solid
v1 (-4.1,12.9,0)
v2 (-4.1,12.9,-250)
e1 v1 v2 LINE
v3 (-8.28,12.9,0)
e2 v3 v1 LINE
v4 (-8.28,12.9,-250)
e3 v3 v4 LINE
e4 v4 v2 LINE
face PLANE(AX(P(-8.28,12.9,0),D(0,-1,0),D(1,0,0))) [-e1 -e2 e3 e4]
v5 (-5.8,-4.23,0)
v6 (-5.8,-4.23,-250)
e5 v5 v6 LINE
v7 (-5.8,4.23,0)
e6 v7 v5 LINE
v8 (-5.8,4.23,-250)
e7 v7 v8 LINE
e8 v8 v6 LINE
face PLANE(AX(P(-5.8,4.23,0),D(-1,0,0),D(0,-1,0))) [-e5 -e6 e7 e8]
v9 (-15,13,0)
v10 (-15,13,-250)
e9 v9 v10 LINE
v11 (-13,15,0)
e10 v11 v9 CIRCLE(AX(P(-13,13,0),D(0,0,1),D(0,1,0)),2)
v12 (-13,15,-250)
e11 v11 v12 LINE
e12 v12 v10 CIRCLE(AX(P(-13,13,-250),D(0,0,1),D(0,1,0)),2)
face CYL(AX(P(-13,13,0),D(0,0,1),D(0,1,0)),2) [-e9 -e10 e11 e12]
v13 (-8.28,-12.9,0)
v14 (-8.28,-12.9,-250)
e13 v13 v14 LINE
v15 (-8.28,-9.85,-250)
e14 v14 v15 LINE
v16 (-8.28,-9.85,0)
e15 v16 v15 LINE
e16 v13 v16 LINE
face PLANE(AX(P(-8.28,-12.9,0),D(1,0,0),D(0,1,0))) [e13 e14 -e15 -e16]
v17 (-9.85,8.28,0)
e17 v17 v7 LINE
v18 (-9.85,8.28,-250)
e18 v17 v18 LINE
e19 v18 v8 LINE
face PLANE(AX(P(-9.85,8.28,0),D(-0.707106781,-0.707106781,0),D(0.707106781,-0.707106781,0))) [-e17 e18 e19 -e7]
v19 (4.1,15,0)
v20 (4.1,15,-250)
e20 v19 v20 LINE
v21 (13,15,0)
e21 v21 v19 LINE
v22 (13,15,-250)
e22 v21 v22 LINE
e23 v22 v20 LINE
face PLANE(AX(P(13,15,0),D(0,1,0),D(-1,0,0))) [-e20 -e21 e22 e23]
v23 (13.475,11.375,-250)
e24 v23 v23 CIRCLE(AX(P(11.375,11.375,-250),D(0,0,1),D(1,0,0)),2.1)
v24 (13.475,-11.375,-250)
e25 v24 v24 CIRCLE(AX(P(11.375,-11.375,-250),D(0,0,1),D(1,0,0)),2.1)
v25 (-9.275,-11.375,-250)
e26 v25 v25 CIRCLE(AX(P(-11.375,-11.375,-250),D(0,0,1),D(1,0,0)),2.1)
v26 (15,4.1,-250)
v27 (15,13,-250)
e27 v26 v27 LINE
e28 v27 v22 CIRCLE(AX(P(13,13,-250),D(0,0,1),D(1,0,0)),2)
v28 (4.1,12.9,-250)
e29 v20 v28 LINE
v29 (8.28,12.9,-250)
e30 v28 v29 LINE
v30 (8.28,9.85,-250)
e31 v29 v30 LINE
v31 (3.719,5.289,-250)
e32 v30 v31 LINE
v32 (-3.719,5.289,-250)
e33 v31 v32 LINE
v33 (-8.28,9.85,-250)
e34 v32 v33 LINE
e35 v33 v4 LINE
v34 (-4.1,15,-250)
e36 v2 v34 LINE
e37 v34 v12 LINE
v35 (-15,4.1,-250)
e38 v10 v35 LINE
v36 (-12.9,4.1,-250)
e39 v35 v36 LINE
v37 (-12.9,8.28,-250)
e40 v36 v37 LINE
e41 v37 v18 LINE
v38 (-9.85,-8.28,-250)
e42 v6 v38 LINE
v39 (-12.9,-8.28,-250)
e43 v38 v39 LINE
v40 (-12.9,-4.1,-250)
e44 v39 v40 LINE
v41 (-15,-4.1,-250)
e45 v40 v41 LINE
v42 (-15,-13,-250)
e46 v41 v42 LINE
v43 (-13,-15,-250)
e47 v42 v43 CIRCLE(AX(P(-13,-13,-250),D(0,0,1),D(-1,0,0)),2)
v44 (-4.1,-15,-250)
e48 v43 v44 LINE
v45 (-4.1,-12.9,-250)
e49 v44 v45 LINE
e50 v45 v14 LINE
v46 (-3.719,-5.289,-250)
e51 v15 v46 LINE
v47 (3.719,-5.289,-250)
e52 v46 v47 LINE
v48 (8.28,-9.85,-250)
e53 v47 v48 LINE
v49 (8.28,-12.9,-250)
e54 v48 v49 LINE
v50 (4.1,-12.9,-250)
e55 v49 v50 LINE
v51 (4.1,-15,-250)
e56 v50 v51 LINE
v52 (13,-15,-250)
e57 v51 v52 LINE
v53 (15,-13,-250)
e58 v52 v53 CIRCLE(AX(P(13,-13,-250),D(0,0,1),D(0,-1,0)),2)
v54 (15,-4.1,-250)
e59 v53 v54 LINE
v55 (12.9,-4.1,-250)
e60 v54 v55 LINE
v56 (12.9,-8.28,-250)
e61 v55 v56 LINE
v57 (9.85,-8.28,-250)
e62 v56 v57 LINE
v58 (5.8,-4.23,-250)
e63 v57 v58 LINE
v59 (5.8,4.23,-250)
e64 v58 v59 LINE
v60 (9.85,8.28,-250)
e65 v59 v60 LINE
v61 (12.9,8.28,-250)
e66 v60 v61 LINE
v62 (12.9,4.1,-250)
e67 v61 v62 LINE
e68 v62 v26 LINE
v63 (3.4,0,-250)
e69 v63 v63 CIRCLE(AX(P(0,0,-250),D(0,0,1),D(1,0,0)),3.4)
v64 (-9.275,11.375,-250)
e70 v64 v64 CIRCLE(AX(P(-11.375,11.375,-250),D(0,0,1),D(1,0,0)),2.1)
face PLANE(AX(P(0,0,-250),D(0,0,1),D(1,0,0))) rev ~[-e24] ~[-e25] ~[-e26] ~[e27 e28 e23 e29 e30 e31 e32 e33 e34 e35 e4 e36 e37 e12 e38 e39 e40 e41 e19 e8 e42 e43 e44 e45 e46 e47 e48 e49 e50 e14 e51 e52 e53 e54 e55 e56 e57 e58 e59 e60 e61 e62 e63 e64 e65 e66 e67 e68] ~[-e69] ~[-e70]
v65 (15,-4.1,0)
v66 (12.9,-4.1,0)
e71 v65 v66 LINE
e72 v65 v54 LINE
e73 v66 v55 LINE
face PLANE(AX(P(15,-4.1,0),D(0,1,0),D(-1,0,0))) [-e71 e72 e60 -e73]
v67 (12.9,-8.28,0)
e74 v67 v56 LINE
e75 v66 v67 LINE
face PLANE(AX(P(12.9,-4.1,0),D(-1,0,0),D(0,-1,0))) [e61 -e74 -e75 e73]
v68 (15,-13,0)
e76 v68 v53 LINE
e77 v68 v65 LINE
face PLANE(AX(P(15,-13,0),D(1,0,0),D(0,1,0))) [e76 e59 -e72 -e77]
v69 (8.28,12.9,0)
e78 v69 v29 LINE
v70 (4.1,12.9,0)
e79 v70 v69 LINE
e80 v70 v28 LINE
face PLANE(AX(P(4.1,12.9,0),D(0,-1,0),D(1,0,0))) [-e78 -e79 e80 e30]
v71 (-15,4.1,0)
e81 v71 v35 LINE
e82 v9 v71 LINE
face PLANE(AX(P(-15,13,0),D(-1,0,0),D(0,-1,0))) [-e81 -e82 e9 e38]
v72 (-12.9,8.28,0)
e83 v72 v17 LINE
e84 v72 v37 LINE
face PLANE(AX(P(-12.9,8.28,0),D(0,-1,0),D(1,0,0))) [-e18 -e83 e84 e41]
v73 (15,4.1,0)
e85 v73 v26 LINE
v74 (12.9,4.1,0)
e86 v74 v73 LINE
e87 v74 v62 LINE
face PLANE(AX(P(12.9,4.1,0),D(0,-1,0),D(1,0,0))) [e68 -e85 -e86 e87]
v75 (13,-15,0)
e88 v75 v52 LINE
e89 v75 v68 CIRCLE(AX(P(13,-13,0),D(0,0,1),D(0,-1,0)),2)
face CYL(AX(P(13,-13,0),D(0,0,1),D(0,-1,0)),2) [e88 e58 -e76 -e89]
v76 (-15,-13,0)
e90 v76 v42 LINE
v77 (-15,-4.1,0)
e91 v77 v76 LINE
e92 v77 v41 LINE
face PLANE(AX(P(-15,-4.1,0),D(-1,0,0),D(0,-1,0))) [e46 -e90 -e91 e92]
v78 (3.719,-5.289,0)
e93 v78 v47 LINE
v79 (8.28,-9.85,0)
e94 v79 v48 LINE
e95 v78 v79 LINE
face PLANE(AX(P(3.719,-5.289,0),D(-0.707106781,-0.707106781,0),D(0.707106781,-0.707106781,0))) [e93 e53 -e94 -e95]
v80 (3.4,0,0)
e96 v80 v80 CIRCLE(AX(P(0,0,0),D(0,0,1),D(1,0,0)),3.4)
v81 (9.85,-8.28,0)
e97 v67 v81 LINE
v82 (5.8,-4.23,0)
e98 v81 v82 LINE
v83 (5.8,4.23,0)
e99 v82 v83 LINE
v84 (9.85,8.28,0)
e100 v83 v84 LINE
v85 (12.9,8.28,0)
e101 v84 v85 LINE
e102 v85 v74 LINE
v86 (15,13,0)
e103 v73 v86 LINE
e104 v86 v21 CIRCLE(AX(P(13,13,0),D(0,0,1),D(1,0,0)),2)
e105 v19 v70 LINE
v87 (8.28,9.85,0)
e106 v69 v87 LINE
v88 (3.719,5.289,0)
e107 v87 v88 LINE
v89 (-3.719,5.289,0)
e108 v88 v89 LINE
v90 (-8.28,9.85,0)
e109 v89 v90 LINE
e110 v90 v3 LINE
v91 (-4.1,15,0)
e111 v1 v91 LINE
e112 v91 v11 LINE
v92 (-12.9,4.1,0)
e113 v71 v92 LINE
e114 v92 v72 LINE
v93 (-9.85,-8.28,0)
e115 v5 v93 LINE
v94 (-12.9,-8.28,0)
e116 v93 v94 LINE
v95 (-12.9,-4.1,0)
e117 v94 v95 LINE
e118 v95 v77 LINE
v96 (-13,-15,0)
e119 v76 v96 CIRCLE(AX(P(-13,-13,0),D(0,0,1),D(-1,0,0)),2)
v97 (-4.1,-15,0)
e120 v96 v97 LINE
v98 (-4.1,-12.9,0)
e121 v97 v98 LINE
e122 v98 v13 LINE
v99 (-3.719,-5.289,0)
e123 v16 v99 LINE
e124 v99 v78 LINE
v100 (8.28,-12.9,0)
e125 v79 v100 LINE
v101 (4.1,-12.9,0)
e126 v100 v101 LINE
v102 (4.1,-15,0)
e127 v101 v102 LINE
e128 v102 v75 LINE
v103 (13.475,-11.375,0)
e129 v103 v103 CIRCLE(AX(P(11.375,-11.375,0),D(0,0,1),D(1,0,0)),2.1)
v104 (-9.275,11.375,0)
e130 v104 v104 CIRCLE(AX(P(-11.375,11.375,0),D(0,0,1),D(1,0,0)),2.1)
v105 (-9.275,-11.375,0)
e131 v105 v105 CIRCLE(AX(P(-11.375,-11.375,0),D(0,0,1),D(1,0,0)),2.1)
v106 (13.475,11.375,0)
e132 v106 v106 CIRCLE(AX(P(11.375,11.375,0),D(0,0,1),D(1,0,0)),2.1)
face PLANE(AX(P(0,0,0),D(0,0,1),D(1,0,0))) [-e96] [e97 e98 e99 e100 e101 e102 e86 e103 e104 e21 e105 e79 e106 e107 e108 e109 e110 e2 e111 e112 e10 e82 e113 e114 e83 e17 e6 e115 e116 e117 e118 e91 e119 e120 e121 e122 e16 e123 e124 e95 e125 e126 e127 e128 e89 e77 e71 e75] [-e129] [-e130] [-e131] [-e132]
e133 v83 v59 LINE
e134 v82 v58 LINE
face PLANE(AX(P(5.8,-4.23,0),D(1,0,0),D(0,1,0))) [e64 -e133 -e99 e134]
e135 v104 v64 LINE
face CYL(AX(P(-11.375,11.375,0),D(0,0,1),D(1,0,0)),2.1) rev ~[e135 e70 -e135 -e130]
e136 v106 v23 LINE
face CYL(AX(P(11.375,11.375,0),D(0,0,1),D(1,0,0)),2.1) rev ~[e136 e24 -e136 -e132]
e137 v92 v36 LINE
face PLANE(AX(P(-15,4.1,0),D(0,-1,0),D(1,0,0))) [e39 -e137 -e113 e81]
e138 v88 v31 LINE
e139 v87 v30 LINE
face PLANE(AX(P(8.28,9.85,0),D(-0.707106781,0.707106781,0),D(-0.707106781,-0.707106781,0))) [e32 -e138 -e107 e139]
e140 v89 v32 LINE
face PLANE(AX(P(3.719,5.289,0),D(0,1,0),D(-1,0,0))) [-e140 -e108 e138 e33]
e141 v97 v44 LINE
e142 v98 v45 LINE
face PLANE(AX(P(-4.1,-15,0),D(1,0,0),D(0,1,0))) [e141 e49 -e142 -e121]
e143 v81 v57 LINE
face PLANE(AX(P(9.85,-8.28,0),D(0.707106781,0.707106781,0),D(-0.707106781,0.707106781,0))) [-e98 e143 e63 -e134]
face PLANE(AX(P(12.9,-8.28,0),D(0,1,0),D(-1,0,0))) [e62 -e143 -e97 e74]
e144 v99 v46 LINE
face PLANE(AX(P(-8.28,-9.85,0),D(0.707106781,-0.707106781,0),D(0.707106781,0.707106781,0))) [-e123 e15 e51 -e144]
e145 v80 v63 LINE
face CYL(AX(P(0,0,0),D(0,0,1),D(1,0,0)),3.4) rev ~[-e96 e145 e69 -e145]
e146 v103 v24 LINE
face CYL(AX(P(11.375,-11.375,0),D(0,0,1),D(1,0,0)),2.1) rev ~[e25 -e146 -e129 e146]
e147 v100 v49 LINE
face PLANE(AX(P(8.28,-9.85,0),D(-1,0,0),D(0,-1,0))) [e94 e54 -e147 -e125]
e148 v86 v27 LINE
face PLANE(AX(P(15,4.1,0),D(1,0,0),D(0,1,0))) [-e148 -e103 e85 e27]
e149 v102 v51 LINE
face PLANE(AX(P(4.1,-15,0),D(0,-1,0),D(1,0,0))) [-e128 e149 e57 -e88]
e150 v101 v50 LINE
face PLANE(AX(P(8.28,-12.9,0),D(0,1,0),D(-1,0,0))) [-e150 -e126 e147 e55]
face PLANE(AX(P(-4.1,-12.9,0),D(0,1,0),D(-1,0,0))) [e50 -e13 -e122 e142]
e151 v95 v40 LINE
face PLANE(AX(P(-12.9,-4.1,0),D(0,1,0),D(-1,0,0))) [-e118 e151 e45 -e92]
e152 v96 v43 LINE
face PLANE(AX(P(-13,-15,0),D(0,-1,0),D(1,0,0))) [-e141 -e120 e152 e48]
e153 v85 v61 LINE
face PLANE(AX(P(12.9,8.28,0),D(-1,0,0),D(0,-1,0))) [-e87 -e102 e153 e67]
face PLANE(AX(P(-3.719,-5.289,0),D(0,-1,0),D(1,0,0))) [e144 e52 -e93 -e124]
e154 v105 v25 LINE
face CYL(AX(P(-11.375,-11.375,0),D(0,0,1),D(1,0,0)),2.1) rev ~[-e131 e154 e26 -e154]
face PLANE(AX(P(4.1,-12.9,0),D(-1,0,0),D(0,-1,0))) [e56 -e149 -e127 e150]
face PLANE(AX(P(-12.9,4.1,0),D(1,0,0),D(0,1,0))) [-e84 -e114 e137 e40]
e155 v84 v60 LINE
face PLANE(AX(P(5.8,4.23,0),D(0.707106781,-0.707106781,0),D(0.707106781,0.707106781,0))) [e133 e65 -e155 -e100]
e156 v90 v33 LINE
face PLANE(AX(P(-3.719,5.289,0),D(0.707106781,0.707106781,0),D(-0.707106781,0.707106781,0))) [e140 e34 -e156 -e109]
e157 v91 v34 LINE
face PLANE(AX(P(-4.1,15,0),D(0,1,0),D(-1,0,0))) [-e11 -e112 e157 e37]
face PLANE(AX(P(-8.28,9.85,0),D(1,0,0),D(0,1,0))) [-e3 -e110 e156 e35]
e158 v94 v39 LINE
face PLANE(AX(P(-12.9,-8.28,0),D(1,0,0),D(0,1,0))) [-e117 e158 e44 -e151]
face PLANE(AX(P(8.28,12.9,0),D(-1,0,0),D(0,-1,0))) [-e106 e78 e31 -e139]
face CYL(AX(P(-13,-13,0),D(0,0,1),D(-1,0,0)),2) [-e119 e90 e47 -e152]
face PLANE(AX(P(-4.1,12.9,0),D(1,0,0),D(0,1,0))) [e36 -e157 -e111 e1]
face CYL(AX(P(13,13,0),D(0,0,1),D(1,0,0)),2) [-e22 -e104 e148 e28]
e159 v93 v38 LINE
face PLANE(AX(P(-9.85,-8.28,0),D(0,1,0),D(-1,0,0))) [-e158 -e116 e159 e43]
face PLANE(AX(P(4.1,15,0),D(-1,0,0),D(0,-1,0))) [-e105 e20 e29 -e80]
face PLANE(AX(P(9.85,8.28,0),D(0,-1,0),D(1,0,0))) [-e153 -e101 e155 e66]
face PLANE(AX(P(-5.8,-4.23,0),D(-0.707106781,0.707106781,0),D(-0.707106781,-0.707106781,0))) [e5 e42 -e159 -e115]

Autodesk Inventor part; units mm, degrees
ref_plane "YZ Plane" through (0, 0, 0) normal (1, 0, 0) x (0, 1, 0)
ref_plane "XZ Plane" through (0, 0, 0) normal (0, 1, 0) x (-1, 0, 0)
ref_plane "XY Plane" through (0, 0, 0) normal (0, 0, 1) x (1, 0, 0)
sketch "Sketch1" plane through (0, 0, 0) normal (0, 0, 1) x (1, 0, 0)
  circle A0 centre (-11.375, 11.375) radius 2.1
  circle A1 centre (-11.375, -11.375) radius 2.1
  line L0 (-15, 4.1) -> (-12.9, 4.1)
  line L1 (-12.9, 4.1) -> (-12.9, 8.28)
  line L2 (-12.9, 8.28) -> (-9.85, 8.28)
  line L3 (-9.85, 8.28) -> (-5.8, 4.23)
  line L4 (-5.8, 4.23) -> (-5.8, -4.23)
  line L5 (-5.8, -4.23) -> (-9.85, -8.28)
  line L6 (-9.85, -8.28) -> (-12.9, -8.28)
  line L7 (-12.9, -8.28) -> (-12.9, -4.1)
  line L8 (-12.9, -4.1) -> (-15, -4.1)
  line L9 (-15, -4.1) -> (-15, -13)
  arc A2 (-15, -13) -> (-13, -15) centre (-13, -13) ccw
  line L10 (-13, -15) -> (-4.1, -15)
  line L11 (-4.1, -15) -> (-4.1, -12.9)
  line L12 (-4.1, -12.9) -> (-8.28, -12.9)
  line L13 (-8.28, -12.9) -> (-8.28, -9.85)
  line L14 (-8.28, -9.85) -> (-3.719, -5.289)
  line L15 (-3.719, -5.289) -> (3.719, -5.289)
  line L16 (3.719, -5.289) -> (8.28, -9.85)
  line L17 (8.28, -9.85) -> (8.28, -12.9)
  line L18 (8.28, -12.9) -> (4.1, -12.9)
  line L19 (4.1, -12.9) -> (4.1, -15)
  line L20 (4.1, -15) -> (13, -15)
  arc A3 (13, -15) -> (15, -13) centre (13, -13) ccw
  line L21 (15, -13) -> (15, -4.1)
  line L22 (15, -4.1) -> (12.9, -4.1)
  line L23 (12.9, -4.1) -> (12.9, -8.28)
  line L24 (12.9, -8.28) -> (9.85, -8.28)
  line L25 (9.85, -8.28) -> (5.8, -4.23)
  line L26 (5.8, -4.23) -> (5.8, 4.23)
  line L27 (5.8, 4.23) -> (9.85, 8.28)
  line L28 (9.85, 8.28) -> (12.9, 8.28)
  line L29 (12.9, 8.28) -> (12.9, 4.1)
  line L30 (12.9, 4.1) -> (15, 4.1)
  line L31 (15, 4.1) -> (15, 13)
  arc A4 (15, 13) -> (13, 15) centre (13, 13) ccw
  line L32 (13, 15) -> (4.1, 15)
  line L33 (4.1, 15) -> (4.1, 12.9)
  line L34 (4.1, 12.9) -> (8.28, 12.9)
  line L35 (8.28, 12.9) -> (8.28, 9.85)
  line L36 (8.28, 9.85) -> (3.719, 5.289)
  line L37 (3.719, 5.289) -> (-3.719, 5.289)
  line L38 (-3.719, 5.289) -> (-8.28, 9.85)
  line L39 (-8.28, 9.85) -> (-8.28, 12.9)
  line L40 (-8.28, 12.9) -> (-4.1, 12.9)
  line L41 (-4.1, 12.9) -> (-4.1, 15)
  line L42 (-4.1, 15) -> (-13, 15)
  arc A5 (-13, 15) -> (-15, 13) centre (-13, 13) ccw
  line L43 (-15, 13) -> (-15, 4.1)
  circle A6 centre (0, 0) radius 3.4
  circle A7 centre (11.375, 11.375) radius 2.1
  circle A8 centre (11.375, -11.375) radius 2.1
extrude "Extrusion1" add sketch "Sketch1" against normal blind 250
sketch "Sketch2" plane through (-13, 15, 0) normal (0, 1, 0) x (1, 0, 0)
  point P0 (13, 0)
properties part number "Metal Profile 25cm" material "Aluminum 6061-AHC"
